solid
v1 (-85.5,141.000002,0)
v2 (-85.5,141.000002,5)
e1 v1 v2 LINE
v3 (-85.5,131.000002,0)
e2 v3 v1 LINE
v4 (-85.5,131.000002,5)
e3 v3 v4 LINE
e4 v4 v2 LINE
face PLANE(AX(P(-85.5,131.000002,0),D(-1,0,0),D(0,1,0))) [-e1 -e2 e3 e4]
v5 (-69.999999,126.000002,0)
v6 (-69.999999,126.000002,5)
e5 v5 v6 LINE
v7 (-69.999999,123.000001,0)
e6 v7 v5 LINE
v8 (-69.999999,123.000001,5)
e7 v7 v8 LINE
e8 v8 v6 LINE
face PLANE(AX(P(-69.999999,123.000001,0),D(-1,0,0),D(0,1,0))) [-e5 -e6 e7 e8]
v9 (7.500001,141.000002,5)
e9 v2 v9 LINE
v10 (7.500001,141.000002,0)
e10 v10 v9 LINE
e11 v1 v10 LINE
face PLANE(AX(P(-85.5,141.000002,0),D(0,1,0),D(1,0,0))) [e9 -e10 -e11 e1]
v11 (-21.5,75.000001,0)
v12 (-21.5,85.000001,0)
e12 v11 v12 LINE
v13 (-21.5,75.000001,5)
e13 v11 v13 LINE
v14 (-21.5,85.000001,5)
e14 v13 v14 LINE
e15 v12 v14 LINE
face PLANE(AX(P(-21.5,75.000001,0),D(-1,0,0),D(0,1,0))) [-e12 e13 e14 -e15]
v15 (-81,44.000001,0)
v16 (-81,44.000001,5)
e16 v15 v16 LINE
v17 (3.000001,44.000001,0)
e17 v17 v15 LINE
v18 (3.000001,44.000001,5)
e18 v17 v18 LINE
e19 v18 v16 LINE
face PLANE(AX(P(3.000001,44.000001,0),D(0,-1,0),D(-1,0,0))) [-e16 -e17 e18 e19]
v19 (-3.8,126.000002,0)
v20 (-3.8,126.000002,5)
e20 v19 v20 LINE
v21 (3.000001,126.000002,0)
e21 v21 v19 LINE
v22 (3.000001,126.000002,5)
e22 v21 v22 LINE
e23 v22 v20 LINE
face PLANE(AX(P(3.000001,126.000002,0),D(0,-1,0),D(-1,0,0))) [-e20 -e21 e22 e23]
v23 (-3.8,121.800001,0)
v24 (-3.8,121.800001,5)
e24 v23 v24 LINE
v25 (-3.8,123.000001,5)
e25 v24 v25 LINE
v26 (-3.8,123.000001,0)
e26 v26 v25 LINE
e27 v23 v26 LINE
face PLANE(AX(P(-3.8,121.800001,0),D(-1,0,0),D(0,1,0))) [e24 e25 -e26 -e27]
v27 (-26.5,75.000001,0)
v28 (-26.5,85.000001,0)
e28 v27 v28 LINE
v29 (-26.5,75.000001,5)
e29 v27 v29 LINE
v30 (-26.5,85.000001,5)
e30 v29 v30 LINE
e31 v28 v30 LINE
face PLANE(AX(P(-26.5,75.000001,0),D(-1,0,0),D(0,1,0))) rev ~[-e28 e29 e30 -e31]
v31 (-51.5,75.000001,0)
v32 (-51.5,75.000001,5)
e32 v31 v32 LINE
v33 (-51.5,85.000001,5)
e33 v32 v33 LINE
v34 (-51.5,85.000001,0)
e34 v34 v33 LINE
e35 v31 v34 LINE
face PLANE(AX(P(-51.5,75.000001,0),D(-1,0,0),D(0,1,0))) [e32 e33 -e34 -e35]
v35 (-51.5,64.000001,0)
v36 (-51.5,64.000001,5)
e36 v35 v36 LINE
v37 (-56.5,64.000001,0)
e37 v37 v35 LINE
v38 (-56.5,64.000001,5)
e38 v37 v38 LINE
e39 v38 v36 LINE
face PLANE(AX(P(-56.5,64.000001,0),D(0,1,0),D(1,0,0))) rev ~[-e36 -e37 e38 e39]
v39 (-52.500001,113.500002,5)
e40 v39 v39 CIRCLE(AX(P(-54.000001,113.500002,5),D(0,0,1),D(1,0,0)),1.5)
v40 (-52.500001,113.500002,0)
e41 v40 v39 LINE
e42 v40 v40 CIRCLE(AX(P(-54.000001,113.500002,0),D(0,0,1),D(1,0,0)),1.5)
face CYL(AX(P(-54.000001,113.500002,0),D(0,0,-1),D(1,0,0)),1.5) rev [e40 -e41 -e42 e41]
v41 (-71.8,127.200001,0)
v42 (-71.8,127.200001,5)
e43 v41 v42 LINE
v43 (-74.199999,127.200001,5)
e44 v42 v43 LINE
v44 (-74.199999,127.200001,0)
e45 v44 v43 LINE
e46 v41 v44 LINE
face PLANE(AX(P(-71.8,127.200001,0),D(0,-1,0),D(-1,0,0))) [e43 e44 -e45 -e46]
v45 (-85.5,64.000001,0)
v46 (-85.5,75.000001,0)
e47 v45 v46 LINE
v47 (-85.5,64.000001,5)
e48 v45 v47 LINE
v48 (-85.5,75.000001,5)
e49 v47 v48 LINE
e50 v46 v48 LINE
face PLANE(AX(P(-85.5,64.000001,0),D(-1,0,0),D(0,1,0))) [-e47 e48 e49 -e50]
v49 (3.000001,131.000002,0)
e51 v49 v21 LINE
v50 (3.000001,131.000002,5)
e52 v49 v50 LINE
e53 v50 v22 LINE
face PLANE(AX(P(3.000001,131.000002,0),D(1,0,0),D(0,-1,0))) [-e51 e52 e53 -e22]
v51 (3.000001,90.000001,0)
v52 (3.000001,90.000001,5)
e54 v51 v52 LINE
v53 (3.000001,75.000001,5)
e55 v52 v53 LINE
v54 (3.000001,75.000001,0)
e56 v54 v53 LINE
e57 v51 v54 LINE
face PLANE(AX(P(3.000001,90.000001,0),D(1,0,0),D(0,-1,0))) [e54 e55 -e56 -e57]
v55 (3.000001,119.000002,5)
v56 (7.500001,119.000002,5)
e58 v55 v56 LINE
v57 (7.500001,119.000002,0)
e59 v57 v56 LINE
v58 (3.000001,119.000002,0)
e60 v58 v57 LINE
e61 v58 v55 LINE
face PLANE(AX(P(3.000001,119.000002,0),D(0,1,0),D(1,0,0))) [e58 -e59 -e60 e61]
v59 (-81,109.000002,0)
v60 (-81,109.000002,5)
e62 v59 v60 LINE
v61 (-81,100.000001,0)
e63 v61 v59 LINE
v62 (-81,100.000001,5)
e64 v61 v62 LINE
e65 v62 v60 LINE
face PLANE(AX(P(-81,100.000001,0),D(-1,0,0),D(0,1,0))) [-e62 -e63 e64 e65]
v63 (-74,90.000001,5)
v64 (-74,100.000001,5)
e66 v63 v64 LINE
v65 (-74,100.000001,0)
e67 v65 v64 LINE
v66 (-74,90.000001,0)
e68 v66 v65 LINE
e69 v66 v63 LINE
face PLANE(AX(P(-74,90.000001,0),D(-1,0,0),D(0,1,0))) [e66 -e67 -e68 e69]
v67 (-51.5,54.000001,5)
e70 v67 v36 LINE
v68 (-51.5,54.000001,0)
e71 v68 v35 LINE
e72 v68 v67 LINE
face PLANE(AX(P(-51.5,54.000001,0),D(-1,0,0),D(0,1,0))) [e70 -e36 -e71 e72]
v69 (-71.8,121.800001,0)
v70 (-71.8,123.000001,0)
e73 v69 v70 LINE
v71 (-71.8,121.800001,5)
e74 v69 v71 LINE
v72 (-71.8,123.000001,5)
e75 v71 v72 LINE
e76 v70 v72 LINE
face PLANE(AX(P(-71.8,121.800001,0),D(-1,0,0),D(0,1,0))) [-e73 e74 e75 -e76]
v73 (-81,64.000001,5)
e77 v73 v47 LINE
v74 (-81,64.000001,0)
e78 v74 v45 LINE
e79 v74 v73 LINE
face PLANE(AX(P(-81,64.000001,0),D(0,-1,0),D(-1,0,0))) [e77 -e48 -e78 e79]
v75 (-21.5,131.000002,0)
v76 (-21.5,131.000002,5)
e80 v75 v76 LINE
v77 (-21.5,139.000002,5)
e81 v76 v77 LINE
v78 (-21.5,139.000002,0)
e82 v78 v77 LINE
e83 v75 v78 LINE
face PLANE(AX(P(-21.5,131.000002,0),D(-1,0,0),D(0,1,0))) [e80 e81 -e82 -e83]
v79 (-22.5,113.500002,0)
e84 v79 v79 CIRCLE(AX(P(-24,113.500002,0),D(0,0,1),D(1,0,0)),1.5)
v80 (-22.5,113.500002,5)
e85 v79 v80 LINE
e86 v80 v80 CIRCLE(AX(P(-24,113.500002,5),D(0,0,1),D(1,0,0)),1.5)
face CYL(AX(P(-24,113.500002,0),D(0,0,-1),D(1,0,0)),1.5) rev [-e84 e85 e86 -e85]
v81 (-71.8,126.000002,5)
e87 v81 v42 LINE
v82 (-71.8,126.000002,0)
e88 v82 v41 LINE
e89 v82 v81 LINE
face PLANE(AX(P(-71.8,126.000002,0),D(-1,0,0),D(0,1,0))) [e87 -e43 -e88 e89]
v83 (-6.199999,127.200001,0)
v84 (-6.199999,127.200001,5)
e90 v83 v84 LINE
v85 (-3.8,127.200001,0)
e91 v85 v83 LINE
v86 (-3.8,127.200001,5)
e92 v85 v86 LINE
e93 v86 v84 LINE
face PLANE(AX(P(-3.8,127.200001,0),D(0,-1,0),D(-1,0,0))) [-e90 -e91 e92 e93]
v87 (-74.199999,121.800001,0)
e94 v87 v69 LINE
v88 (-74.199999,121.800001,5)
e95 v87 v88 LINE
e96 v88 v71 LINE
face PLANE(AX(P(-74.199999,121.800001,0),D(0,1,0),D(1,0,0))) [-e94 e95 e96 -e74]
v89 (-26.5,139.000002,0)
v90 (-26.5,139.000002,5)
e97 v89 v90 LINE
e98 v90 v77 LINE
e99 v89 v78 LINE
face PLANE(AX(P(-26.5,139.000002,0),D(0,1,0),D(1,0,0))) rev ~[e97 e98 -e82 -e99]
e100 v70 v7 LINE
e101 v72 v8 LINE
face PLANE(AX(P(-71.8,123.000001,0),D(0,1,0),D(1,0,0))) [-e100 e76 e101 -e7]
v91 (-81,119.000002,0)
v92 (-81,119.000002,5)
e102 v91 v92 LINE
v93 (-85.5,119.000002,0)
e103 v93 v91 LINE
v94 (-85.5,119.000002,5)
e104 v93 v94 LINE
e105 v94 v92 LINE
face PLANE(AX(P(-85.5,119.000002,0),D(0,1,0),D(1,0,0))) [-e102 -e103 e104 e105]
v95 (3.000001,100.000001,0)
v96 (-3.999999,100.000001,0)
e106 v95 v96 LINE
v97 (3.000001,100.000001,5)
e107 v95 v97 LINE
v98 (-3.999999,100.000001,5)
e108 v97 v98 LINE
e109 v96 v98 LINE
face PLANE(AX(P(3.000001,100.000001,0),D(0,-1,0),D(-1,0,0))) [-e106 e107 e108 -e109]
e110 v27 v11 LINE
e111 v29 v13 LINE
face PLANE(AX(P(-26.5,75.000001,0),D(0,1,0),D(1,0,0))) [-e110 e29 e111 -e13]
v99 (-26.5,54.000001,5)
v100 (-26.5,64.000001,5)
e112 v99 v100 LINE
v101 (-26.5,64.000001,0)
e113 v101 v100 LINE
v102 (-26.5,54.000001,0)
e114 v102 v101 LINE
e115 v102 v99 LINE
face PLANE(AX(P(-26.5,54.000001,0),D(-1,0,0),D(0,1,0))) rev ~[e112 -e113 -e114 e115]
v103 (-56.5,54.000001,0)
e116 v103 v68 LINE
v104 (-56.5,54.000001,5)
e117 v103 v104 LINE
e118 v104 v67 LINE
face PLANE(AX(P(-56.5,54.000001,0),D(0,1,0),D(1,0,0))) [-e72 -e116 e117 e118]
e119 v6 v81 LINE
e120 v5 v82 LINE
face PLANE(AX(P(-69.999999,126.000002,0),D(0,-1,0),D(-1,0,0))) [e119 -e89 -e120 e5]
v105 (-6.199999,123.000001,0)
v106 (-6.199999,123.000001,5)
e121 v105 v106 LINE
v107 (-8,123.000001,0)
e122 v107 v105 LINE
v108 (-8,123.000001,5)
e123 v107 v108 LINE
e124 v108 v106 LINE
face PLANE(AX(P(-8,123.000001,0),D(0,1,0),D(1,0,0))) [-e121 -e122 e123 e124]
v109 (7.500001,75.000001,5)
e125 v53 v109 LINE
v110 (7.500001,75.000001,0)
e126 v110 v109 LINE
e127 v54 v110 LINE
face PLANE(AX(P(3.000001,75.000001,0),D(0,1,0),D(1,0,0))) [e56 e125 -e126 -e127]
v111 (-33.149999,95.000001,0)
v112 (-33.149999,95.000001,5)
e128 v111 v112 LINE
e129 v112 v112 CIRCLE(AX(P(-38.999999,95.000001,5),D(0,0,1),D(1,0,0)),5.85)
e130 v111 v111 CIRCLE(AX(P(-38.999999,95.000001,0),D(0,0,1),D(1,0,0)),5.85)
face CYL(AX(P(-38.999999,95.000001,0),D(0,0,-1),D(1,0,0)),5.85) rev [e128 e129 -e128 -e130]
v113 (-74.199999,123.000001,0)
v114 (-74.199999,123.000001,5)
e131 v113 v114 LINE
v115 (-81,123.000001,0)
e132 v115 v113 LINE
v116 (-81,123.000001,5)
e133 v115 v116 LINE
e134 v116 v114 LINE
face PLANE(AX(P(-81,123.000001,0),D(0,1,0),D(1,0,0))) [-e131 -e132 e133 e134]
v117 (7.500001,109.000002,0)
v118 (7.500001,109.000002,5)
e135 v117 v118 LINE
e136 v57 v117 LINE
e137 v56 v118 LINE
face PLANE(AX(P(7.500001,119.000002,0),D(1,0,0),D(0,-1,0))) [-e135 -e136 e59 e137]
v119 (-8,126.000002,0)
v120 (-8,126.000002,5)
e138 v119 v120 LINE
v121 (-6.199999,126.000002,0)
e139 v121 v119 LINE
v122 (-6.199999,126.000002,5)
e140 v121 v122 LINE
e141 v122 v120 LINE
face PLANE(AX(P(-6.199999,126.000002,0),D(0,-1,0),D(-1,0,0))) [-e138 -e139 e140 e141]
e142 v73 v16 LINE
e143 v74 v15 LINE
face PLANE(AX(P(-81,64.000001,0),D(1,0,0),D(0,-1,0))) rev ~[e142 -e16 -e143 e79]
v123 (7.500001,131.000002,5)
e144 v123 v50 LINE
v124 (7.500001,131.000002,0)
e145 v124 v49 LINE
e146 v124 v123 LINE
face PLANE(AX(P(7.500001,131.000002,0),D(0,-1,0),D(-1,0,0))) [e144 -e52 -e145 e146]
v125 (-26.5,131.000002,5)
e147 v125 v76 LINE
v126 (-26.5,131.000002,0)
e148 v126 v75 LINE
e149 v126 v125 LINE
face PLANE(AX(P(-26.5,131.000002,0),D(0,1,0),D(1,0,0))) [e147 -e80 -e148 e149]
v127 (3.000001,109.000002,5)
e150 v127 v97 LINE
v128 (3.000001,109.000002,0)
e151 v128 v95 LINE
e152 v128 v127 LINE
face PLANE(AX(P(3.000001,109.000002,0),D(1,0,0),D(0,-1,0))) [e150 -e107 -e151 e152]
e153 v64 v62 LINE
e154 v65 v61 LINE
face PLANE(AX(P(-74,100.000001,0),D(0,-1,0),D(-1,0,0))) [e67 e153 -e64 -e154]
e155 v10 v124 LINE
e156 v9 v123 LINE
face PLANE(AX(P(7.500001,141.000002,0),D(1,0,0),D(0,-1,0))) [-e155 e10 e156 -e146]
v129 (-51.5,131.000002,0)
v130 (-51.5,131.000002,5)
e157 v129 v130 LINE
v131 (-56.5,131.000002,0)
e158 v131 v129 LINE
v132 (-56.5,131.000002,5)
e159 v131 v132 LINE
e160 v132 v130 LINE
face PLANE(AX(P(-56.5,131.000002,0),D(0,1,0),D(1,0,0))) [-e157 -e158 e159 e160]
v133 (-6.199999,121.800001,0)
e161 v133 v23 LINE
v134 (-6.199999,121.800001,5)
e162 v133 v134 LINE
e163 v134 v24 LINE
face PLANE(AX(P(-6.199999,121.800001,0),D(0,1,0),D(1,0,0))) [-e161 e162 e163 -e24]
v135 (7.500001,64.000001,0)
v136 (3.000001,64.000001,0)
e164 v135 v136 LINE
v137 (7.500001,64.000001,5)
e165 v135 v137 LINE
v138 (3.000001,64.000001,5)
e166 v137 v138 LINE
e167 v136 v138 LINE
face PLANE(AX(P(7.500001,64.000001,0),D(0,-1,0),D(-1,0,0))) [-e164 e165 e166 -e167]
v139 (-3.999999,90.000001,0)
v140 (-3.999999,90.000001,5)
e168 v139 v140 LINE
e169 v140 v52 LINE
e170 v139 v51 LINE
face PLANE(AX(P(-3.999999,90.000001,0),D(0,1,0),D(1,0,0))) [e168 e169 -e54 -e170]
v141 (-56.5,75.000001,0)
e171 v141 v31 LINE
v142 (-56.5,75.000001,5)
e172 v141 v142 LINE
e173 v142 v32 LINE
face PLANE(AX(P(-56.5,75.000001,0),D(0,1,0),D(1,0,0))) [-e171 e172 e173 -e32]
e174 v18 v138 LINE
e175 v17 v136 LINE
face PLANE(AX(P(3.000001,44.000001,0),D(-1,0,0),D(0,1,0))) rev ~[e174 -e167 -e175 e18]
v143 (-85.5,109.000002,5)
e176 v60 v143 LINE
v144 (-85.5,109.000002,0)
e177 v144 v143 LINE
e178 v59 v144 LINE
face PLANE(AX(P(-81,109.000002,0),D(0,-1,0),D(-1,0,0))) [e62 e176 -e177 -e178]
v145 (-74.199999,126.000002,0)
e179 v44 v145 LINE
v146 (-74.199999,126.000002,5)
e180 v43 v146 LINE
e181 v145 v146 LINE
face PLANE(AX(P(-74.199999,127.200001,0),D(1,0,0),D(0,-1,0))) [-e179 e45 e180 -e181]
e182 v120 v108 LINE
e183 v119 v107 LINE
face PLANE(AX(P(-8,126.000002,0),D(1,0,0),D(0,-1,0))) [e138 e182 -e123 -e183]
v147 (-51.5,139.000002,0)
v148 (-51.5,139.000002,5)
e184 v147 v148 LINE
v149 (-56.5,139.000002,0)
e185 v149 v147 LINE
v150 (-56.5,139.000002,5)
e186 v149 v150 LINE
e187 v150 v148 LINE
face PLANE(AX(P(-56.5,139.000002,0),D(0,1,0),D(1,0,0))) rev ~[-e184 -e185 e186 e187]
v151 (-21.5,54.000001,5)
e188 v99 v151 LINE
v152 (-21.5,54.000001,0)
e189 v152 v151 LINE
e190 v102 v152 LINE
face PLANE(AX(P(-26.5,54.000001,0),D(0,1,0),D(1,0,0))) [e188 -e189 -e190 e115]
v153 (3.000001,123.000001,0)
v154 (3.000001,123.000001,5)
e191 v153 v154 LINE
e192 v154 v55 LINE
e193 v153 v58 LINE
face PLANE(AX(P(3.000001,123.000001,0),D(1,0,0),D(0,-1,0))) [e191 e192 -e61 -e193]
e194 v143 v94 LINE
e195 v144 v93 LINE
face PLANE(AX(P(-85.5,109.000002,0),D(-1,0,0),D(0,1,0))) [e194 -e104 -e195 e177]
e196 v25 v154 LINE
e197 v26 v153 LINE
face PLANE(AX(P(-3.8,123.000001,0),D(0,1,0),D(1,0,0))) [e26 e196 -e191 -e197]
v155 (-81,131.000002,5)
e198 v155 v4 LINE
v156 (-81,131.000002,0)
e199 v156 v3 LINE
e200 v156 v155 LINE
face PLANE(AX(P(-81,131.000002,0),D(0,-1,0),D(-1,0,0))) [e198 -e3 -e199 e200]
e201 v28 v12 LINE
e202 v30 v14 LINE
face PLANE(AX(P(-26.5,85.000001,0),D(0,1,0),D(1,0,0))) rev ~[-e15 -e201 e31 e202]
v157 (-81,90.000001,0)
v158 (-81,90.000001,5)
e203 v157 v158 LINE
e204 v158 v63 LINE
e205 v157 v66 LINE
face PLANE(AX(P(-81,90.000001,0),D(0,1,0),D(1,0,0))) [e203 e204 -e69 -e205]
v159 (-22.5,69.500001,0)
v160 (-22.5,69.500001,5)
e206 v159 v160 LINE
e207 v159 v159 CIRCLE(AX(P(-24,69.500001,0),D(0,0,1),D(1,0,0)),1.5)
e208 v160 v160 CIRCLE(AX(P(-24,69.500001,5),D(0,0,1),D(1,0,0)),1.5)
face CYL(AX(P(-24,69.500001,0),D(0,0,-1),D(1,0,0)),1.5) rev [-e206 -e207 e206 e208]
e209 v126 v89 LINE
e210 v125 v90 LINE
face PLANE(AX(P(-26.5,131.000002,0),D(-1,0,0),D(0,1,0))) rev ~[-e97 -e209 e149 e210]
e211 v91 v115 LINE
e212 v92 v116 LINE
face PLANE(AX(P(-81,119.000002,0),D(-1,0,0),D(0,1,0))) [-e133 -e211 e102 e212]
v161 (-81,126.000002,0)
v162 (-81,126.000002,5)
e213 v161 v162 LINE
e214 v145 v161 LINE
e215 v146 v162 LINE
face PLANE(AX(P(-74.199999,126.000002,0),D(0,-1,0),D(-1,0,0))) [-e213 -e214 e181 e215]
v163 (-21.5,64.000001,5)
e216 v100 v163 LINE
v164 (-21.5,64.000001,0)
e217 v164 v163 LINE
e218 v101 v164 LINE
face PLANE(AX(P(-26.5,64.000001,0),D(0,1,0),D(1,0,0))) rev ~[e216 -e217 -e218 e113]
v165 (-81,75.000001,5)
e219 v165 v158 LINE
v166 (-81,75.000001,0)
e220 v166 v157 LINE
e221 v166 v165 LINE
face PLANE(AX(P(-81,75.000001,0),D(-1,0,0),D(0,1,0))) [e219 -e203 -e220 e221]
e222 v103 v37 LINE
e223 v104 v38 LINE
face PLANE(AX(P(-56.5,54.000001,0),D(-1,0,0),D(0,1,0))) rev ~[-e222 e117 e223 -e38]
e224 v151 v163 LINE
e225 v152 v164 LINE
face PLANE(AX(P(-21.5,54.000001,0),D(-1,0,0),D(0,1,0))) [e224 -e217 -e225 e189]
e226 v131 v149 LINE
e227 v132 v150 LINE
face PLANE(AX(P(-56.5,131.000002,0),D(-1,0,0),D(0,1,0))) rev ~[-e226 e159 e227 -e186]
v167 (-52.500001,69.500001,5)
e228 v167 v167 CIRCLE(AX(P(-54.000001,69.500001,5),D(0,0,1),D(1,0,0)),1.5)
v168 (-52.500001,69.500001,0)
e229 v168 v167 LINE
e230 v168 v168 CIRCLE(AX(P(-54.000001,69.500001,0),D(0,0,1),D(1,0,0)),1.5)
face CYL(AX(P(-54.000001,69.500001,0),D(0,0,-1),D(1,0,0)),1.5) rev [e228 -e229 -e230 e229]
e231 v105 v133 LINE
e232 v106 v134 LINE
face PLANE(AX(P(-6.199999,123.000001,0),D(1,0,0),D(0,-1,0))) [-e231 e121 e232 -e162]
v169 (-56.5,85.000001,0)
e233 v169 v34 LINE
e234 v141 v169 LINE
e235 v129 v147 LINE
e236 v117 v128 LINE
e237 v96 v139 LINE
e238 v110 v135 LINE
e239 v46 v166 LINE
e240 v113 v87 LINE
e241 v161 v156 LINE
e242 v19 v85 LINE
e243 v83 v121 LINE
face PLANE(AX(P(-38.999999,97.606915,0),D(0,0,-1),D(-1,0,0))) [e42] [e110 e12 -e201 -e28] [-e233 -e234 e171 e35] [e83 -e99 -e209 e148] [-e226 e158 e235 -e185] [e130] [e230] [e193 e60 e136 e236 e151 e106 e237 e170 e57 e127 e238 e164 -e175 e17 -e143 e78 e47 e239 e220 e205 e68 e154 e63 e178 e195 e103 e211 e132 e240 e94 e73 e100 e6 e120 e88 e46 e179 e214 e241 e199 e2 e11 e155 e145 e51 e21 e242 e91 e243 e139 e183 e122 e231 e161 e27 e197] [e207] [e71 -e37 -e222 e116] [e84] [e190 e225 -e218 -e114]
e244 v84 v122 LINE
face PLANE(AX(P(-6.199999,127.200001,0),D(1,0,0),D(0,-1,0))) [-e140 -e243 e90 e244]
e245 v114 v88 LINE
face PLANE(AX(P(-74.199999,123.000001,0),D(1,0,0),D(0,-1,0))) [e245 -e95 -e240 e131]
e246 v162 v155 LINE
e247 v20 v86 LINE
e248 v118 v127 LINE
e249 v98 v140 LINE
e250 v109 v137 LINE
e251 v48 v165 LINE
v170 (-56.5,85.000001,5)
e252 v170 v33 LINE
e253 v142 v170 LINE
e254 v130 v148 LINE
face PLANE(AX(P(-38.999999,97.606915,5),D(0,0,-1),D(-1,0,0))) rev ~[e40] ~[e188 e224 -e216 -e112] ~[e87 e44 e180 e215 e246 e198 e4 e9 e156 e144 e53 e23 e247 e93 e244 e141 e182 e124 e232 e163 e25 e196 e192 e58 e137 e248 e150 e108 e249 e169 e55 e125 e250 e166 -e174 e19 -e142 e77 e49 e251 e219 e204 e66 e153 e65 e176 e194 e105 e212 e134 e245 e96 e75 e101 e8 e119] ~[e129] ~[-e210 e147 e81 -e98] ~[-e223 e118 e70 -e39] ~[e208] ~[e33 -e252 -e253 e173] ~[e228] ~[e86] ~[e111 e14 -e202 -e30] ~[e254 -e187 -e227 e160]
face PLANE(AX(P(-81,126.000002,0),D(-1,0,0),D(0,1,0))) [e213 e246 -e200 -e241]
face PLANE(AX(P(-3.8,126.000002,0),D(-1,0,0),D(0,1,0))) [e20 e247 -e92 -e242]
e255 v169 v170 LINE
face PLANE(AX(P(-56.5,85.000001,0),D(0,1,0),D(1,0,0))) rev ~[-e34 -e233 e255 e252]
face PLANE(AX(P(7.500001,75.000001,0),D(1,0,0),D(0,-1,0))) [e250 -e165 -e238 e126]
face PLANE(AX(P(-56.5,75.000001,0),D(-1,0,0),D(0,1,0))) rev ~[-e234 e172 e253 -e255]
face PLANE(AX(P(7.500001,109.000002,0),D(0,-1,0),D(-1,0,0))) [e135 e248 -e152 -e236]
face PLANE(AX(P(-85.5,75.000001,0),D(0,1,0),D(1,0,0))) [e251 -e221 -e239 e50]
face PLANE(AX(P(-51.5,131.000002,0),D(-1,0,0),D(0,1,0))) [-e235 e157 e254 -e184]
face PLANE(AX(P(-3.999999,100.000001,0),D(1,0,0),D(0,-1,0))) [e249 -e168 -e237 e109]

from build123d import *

# Parameters (mm, degrees)
MODEL_R                  = 1.500000022
MODEL_R_2                = 5.85
MODEL_W                  = 5.000000237
MODEL_H                  = 10
MODEL_H_2                = 8.000000671
RESSALTO_EXTRUS_O1_DEPTH = 5


with BuildPart() as part:
    # Model → Ressalto-extrusão1 (new body)
    with BuildSketch(Plane.XY):
        Polygon((-85.499999911, 109.000001535), (-85.499999911, 119.000001535), (-80.999999874, 119.000001535), (-80.999999874, 123.000001432), (-74.199999284, 123.000001432), (-74.199999284, 121.80000149), (-71.799999703, 121.80000149), (-71.799999703, 123.000001432), (-69.999999218, 123.000001432), (-69.999999218, 126.000001536), (-71.799999703, 126.000001536), (-71.799999703, 127.200001477), (-74.199999284, 127.200001477), (-74.199999284, 126.000001536), (-80.999999874, 126.000001536), (-80.999999874, 131.000001773), (-85.499999911, 131.000001773), (-85.499999911, 141.000001773), (7.500000924, 141.000001773), (7.500000924, 131.000001773), (3.000000887, 131.000001773), (3.000000887, 126.000001536), (-3.799999703, 126.000001536), (-3.799999703, 127.200001477), (-6.199999284, 127.200001477), (-6.199999284, 126.000001536), (-7.999999768, 126.000001536), (-7.999999768, 123.000001432), (-6.199999284, 123.000001432), (-6.199999284, 121.80000149), (-3.799999703, 121.80000149), (-3.799999703, 123.000001432), (3.000000887, 123.000001432), (3.000000887, 119.000001535), (7.500000924, 119.000001535), (7.500000924, 109.000001535), (3.000000887, 109.000001535), (3.000000887, 100.000001104), (-3.999999248, 100.000001104), (-3.999999248, 90.000001104), (3.000000887, 90.000001104), (3.000000887, 75.000001296), (7.500000924, 75.000001296), (7.500000924, 64.000001177), (3.000000887, 64.000001177), (3.000000887, 63.000001432), (3.000000887, 44.000000821), (-80.999999874, 44.000000821), (-80.999999874, 63.000001432), (-80.999999874, 64.000001177), (-85.499999911, 64.000001177), (-85.499999911, 75.000001296), (-80.999999874, 75.000001296), (-80.999999874, 90.000001104), (-73.999999739, 90.000001104), (-73.999999739, 100.000001104), (-80.999999874, 100.000001104), (-80.999999874, 109.000001535), align=None)
        with Locations((-24.000000328, 113.500001691)):
            Circle(MODEL_R, mode=Mode.SUBTRACT)
        with Locations((-24.000000328, 69.500001036)):
            Circle(MODEL_R, mode=Mode.SUBTRACT)
        with Locations((-54.000000775, 113.500001691)):
            Circle(MODEL_R, mode=Mode.SUBTRACT)
        with Locations((-54.000000775, 69.500001036)):
            Circle(MODEL_R, mode=Mode.SUBTRACT)
        with Locations((-38.999999493, 95.000001416)):
            Circle(MODEL_R_2, mode=Mode.SUBTRACT)
        with Locations((-53.999999882, 59.000001177)):
            Rectangle(MODEL_W, MODEL_H, mode=Mode.SUBTRACT)
        with Locations((-24.000000119, 80.000001296)):
            Rectangle(MODEL_W, MODEL_H, mode=Mode.SUBTRACT)
        with Locations((-53.999999882, 135.000002109)):
            Rectangle(MODEL_W, MODEL_H_2, mode=Mode.SUBTRACT)
        with Locations((-24.000000119, 135.000002109)):
            Rectangle(MODEL_W, MODEL_H_2, mode=Mode.SUBTRACT)
        with Locations((-24.000000119, 59.000001177)):
            Rectangle(MODEL_W, MODEL_H, mode=Mode.SUBTRACT)
        with Locations((-53.999999882, 80.000001296)):
            Rectangle(MODEL_W, MODEL_H, mode=Mode.SUBTRACT)
    extrude(amount=RESSALTO_EXTRUS_O1_DEPTH)


solid = part.part
